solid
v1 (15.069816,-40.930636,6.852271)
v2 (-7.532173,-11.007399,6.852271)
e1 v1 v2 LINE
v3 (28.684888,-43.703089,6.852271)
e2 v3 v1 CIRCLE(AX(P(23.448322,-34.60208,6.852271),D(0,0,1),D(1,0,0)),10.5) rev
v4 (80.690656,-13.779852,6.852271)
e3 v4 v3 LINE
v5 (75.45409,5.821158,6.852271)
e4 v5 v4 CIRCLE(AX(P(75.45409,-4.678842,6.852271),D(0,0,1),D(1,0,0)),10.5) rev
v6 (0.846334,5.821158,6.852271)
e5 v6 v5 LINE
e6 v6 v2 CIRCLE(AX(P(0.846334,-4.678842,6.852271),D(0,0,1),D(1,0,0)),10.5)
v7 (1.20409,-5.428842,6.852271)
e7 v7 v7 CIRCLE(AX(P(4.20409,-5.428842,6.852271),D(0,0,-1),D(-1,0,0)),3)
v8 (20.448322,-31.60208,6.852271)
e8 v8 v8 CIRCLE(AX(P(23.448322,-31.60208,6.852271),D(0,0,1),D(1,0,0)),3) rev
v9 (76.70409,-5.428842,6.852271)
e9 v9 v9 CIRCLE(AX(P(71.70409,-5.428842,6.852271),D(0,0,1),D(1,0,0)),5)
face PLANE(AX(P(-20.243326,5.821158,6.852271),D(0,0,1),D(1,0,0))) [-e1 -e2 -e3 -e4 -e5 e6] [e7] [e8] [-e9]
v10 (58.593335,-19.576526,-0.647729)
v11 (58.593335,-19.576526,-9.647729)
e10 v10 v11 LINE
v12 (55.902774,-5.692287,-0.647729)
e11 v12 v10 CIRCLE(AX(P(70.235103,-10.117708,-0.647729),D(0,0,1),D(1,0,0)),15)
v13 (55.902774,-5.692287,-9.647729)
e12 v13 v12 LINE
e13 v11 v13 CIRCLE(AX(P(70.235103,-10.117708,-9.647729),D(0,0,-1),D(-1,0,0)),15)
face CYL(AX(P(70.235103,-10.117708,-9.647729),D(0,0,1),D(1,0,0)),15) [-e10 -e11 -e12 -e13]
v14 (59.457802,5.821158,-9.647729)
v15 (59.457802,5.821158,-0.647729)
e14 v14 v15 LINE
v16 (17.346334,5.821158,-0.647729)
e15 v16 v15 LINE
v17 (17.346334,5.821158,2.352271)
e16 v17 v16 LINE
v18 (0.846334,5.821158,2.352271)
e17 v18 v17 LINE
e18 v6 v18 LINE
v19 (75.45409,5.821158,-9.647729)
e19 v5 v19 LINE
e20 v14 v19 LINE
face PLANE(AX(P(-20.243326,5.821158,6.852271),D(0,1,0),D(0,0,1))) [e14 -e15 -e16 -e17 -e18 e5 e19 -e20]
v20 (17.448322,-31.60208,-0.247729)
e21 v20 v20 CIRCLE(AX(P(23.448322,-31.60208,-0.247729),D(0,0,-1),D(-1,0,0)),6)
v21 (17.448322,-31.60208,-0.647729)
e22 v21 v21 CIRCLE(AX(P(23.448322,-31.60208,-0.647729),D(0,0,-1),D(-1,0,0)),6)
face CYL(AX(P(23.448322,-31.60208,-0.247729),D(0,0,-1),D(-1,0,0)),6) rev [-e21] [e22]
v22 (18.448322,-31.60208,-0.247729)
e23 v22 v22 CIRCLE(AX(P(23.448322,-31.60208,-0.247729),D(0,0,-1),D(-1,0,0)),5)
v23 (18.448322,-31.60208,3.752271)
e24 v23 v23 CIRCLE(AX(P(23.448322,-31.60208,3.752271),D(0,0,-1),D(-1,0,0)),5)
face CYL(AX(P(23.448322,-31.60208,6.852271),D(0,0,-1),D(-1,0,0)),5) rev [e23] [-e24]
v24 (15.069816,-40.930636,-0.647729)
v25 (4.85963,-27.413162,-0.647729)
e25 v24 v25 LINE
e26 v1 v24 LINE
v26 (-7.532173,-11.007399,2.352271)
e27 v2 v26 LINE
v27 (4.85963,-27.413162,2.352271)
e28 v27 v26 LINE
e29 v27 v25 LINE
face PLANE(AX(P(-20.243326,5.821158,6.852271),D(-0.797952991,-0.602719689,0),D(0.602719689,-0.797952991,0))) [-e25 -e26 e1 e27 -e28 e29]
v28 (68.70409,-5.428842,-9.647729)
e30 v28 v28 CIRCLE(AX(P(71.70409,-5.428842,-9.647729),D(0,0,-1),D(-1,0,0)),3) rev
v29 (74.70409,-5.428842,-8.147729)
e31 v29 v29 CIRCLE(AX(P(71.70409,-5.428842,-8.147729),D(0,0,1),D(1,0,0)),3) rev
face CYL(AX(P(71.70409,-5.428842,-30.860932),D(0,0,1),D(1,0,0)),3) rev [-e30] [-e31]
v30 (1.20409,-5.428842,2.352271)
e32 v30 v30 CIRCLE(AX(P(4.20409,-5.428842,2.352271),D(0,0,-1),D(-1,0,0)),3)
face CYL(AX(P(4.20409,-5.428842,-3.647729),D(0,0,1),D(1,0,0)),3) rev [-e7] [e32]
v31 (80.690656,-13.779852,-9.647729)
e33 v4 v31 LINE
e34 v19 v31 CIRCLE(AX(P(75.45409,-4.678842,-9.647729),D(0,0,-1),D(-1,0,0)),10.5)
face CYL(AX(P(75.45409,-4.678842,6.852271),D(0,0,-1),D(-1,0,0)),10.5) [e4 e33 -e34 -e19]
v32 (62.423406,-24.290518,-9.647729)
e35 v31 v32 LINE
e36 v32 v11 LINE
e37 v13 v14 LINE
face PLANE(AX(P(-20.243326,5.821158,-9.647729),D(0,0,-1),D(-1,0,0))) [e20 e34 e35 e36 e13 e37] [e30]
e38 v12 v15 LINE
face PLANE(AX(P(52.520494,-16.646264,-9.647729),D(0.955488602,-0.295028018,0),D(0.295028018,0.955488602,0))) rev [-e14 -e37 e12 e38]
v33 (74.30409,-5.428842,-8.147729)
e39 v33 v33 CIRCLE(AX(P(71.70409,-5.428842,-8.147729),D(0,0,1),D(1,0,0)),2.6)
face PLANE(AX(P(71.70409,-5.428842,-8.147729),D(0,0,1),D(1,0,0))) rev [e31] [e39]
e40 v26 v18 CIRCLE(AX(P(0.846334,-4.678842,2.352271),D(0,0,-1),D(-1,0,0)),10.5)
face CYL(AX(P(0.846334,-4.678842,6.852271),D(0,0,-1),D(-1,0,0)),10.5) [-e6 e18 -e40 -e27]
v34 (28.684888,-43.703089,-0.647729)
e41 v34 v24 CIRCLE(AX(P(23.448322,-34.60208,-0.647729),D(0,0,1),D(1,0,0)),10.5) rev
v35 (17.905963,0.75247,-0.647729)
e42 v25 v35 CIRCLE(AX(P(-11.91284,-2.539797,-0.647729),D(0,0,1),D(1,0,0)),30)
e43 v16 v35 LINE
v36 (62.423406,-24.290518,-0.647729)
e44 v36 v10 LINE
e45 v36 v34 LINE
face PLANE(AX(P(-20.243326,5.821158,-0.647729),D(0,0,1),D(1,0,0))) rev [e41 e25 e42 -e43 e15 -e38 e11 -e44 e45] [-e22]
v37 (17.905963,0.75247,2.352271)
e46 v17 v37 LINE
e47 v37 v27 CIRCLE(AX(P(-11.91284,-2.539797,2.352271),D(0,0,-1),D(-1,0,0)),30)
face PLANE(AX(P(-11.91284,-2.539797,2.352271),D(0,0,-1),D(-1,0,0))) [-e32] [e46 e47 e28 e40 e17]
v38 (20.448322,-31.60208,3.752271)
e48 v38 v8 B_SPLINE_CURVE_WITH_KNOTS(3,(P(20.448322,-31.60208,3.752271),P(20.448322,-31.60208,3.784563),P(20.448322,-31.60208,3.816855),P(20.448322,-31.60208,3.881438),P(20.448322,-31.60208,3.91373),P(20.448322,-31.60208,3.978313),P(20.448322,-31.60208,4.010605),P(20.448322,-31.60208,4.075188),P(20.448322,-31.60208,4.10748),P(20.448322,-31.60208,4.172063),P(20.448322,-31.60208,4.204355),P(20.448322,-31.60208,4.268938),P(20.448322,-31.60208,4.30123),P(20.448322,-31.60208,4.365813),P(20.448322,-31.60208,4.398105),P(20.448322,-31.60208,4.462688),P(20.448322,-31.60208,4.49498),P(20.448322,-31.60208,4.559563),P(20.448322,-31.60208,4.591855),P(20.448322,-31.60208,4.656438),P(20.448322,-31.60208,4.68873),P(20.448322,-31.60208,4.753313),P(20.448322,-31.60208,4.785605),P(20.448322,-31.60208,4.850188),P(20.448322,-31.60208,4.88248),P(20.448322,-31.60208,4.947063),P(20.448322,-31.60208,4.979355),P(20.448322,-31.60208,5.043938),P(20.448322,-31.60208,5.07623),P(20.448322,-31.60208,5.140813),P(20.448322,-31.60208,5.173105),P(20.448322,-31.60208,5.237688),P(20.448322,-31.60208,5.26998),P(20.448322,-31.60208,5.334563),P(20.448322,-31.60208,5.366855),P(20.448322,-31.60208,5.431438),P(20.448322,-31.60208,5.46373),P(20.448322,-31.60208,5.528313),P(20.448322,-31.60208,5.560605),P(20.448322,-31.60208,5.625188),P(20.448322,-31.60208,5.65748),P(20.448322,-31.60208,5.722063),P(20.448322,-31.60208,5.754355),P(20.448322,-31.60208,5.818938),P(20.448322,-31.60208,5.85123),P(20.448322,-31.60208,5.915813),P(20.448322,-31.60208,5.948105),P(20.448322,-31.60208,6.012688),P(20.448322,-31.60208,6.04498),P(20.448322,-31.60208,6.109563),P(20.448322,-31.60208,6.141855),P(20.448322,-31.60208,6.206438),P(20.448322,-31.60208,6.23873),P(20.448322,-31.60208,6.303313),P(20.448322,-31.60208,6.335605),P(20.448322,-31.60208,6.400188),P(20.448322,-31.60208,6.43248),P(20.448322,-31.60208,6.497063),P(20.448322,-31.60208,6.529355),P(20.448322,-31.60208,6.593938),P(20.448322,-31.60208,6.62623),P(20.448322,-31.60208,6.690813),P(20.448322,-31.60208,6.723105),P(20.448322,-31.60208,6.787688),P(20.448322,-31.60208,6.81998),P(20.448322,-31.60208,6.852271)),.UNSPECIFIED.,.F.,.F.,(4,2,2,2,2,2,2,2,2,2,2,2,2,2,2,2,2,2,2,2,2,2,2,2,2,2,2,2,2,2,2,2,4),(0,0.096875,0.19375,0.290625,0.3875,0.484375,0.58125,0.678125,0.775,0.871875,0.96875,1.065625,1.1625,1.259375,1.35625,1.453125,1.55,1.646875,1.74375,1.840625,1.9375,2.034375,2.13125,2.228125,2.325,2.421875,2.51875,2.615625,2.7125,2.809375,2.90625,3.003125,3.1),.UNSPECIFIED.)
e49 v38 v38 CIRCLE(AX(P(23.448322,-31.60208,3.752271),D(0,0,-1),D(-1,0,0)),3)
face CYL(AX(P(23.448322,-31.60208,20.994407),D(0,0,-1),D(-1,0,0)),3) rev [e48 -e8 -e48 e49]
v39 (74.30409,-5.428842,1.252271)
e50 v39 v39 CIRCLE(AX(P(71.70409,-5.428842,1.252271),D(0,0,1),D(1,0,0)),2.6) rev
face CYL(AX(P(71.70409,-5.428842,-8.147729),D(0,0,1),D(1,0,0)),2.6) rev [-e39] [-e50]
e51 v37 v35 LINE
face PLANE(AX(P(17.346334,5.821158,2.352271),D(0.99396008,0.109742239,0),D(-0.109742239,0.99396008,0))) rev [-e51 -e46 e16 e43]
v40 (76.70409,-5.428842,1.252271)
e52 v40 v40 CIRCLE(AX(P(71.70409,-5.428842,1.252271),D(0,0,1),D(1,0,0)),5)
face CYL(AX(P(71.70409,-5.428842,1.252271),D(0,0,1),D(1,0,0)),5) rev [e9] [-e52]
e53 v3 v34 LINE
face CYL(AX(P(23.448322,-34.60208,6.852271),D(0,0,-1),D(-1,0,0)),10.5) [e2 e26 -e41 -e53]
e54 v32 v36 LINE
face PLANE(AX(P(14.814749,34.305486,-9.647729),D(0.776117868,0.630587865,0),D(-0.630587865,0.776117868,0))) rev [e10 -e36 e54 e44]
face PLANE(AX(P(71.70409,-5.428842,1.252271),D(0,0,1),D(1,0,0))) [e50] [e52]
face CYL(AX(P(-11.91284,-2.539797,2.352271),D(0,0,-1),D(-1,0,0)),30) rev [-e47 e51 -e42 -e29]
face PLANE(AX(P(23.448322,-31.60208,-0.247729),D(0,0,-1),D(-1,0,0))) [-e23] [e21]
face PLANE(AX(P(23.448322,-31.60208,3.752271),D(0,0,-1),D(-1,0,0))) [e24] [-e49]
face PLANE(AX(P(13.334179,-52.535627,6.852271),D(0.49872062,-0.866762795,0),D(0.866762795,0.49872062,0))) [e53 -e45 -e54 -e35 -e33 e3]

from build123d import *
from build123d.topology import SkipClean

# Parameters (mm, degrees)
SKETCH_1_R          = 3.333333333
SKETCH_1_R_2        = 5
EXTRUDE_1_DEPTH     = 5
EXTRUDE_START       = 6
SKETCH_6_R          = 5
EXTRUDE_5_DEPTH     = 6
EXTRUDE_START_2     = 2
SKETCH_7_R          = 2
EXTRUDE_6_DEPTH     = 2
SKETCH_9_R          = 2
CUT_EXTRUDE_3_DEPTH = 79.745912397
EXTRUDE_START_3     = -11
SKETCH_10_R         = 5
SKETCH_10_R_2       = 2
EXTRUDE_7_DEPTH     = 11
FILLET_2_R          = 10
SCALE_1_SCALE       = 1.5
SKETCH_11_R         = 3
CUT_EXTRUDE_4_DEPTH = 6
EXTRUDE_START_4     = -15
SKETCH_12_R         = 3
SKETCH_12_R_2       = 2.6
EXTRUDE_8_DEPTH     = 15
SKETCH_13_R         = 5
CUT_EXTRUDE_5_DEPTH = 5.6
EXTRUDE_START_5     = -4.4
SKETCH_15_R         = 5
SKETCH_15_R_2       = 3
EXTRUDE_9_DEPTH     = 3.1
SKETCH_16_R         = 6
CUT_EXTRUDE_6_DEPTH = 0.4


with BuildPart() as part:
    # 草图1 → 凸台-拉伸1 (new body)
    with BuildSketch(Plane.XY):
        with BuildLine():
            Line((14.059772875, 0), (63.798276921, 0))
            ThreePointArc((63.798276921, 0), (70.56109353, -5.193259423), (67.289321258, -13.067339568))
            Line((67.289321258, -13.067339568), (32.61880944, -33.016164352))
            ThreePointArc((32.61880944, -33.016164352), (27.731011729, -33.808057978), (23.542094163, -31.167862607))
            Line((23.542094163, -31.167862607), (8.474101936, -11.219037824))
            ThreePointArc((8.474101936, -11.219037824), (7.793463564, -3.88016545), (14.059772875, 0))
        make_face()
        with Locations((29.127765103, -24.948824784)):
            Circle(SKETCH_1_R, mode=Mode.SUBTRACT)
        with Locations((61.298276921, -7.5)):
            Circle(SKETCH_1_R_2, mode=Mode.SUBTRACT)
    extrude(amount=EXTRUDE_1_DEPTH)

    # 草图6 → 凸台-拉伸5 (add)
    with SkipClean():  # the faces are left unmerged after this step: merging them gives an invalid solid
        with BuildSketch(Plane(origin=(0, 0, 0), x_dir=(-1, 0, 0), z_dir=(0, 0, -1)).offset(EXTRUDE_START)):
            with BuildLine():
                Line((-67.289321258, -13.067339568), (-55.111154239, -20.074450433))
                Line((-55.111154239, -20.074450433), (-49.187018483, -12.783115053))
                Line((-49.187018483, -12.783115053), (-53.134085027, 0))
                Line((-53.134085027, 0), (-63.798276921, 0))
                ThreePointArc((-63.798276921, 0), (-70.56109353, -5.193259423), (-67.289321258, -13.067339568))
            make_face()
            with Locations((-61.298276921, -7.5)):
                Circle(SKETCH_6_R, mode=Mode.SUBTRACT)
        extrude(amount=-EXTRUDE_5_DEPTH)

    # 草图7 → 凸台-拉伸6 (add)
    with SkipClean():  # the faces are left unmerged after this step: merging them gives an invalid solid
        with BuildSketch(Plane(origin=(0, 0, 0), x_dir=(-1, 0, 0), z_dir=(0, 0, -1)).offset(EXTRUDE_START_2)):
            with BuildLine():
                Line((-14.059772875, 0), (-25.059772875, 0))
                Line((-25.059772875, 0), (-26.163863889, -10))
                Line((-26.163863889, -10), (-13.040056703, -17.263999238))
                Line((-13.040056703, -17.263999238), (-8.474101936, -11.219037824))
                ThreePointArc((-8.474101936, -11.219037824), (-7.793463564, -3.88016545), (-14.059772875, 0))
            make_face()
            with Locations((-16.298276921, -7.5)):
                Circle(SKETCH_7_R, mode=Mode.SUBTRACT)
        extrude(amount=-EXTRUDE_6_DEPTH)

    # 草图9 → 切除-拉伸3 (cut, through all)
    with SkipClean():  # the faces are left unmerged after this step: merging them gives an invalid solid
        with BuildSketch(Plane(origin=(0, 0, 0), x_dir=(-1, 0, 0), z_dir=(0, 0, -1))):
            with Locations((-16.298276921, -7.5)):
                Circle(SKETCH_9_R)
        extrude(amount=-CUT_EXTRUDE_3_DEPTH, mode=Mode.SUBTRACT)

    # 草图10 → 凸台-拉伸7 (add)
    with BuildSketch(Plane.XY.offset(5).offset(EXTRUDE_START_3)):
        with Locations((61.298276921, -7.5)):
            Circle(SKETCH_10_R)
        with Locations((61.298276921, -7.5)):
            Circle(SKETCH_10_R_2, mode=Mode.SUBTRACT)
    extrude(amount=EXTRUDE_7_DEPTH)

    # 圆角2
    fillet_2_edges = [part.edges().sort_by_distance(p)[0] for p in [
        (49.187018483, -12.783115053, -3),
        (26.163863889, -10, -1),
    ]]
    fillet(fillet_2_edges, radius=FILLET_2_R)


with BuildPart() as part_1:
    # 缩放比例1: scaled about (40.486651363, -11.642315259, 1.295457426)
    add(part.part.scale(SCALE_1_SCALE).moved(Location((-20.243325682, 5.82115763, -0.647728713))))

    # 草图11 → 切除-拉伸4 (cut)
    with BuildSketch(Plane(origin=(0, 0, -3.647728713), x_dir=(-1, 0, 0), z_dir=(0, 0, -1))):
        with BuildLine():
            Line((-17.346333632, 5.82115763), (-17.905962845, 0.752470301))
            ThreePointArc((-17.905962845, 0.752470301), (-15.308702596, -15.14882708), (-4.859629901, -27.41316151))
            Line((-4.859629901, -27.41316151), (7.532172777, -11.007399106))
            ThreePointArc((7.532172777, -11.007399106), (8.553130335, 0.000909454), (-0.846333632, 5.82115763))
            Line((-0.846333632, 5.82115763), (-17.346333632, 5.82115763))
        make_face()
        with Locations((-4.2040897, -5.42884237)):
            Circle(SKETCH_11_R, mode=Mode.SUBTRACT)
    extrude(amount=-CUT_EXTRUDE_4_DEPTH, mode=Mode.SUBTRACT)

    # 草图12 → 凸台-拉伸8 (add)
    with BuildSketch(Plane.XY.offset(6.852271287).offset(EXTRUDE_START_4)):
        with Locations((71.7040897, -5.42884237)):
            Circle(SKETCH_12_R)
        with Locations((71.7040897, -5.42884237)):
            Circle(SKETCH_12_R_2, mode=Mode.SUBTRACT)
    extrude(amount=EXTRUDE_8_DEPTH)

    # 草图13 → 切除-拉伸5 (cut)
    with BuildSketch(Plane.XY.offset(6.852271287)):
        with Locations((71.7040897, -5.42884237)):
            Circle(SKETCH_13_R)
    extrude(amount=-CUT_EXTRUDE_5_DEPTH, mode=Mode.SUBTRACT)

    # 草图15 → 凸台-拉伸9 (add)
    with BuildSketch(Plane(origin=(0, 0, -0.647728713), x_dir=(-1, 0, 0), z_dir=(0, 0, -1)).offset(EXTRUDE_START_5)):
        with Locations((-23.448321972, -31.602079546)):
            Circle(SKETCH_15_R)
        with Locations((-23.448321972, -31.602079546)):
            Circle(SKETCH_15_R_2, mode=Mode.SUBTRACT)
    extrude(amount=-EXTRUDE_9_DEPTH)

    # 草图16 → 切除-拉伸6 (cut)
    with BuildSketch(Plane(origin=(0, 0, -0.647728713), x_dir=(-1, 0, 0), z_dir=(0, 0, -1))):
        with Locations((-23.448321972, -31.602079546)):
            Circle(SKETCH_16_R)
    extrude(amount=-CUT_EXTRUDE_6_DEPTH, mode=Mode.SUBTRACT)


solid = part_1.part
